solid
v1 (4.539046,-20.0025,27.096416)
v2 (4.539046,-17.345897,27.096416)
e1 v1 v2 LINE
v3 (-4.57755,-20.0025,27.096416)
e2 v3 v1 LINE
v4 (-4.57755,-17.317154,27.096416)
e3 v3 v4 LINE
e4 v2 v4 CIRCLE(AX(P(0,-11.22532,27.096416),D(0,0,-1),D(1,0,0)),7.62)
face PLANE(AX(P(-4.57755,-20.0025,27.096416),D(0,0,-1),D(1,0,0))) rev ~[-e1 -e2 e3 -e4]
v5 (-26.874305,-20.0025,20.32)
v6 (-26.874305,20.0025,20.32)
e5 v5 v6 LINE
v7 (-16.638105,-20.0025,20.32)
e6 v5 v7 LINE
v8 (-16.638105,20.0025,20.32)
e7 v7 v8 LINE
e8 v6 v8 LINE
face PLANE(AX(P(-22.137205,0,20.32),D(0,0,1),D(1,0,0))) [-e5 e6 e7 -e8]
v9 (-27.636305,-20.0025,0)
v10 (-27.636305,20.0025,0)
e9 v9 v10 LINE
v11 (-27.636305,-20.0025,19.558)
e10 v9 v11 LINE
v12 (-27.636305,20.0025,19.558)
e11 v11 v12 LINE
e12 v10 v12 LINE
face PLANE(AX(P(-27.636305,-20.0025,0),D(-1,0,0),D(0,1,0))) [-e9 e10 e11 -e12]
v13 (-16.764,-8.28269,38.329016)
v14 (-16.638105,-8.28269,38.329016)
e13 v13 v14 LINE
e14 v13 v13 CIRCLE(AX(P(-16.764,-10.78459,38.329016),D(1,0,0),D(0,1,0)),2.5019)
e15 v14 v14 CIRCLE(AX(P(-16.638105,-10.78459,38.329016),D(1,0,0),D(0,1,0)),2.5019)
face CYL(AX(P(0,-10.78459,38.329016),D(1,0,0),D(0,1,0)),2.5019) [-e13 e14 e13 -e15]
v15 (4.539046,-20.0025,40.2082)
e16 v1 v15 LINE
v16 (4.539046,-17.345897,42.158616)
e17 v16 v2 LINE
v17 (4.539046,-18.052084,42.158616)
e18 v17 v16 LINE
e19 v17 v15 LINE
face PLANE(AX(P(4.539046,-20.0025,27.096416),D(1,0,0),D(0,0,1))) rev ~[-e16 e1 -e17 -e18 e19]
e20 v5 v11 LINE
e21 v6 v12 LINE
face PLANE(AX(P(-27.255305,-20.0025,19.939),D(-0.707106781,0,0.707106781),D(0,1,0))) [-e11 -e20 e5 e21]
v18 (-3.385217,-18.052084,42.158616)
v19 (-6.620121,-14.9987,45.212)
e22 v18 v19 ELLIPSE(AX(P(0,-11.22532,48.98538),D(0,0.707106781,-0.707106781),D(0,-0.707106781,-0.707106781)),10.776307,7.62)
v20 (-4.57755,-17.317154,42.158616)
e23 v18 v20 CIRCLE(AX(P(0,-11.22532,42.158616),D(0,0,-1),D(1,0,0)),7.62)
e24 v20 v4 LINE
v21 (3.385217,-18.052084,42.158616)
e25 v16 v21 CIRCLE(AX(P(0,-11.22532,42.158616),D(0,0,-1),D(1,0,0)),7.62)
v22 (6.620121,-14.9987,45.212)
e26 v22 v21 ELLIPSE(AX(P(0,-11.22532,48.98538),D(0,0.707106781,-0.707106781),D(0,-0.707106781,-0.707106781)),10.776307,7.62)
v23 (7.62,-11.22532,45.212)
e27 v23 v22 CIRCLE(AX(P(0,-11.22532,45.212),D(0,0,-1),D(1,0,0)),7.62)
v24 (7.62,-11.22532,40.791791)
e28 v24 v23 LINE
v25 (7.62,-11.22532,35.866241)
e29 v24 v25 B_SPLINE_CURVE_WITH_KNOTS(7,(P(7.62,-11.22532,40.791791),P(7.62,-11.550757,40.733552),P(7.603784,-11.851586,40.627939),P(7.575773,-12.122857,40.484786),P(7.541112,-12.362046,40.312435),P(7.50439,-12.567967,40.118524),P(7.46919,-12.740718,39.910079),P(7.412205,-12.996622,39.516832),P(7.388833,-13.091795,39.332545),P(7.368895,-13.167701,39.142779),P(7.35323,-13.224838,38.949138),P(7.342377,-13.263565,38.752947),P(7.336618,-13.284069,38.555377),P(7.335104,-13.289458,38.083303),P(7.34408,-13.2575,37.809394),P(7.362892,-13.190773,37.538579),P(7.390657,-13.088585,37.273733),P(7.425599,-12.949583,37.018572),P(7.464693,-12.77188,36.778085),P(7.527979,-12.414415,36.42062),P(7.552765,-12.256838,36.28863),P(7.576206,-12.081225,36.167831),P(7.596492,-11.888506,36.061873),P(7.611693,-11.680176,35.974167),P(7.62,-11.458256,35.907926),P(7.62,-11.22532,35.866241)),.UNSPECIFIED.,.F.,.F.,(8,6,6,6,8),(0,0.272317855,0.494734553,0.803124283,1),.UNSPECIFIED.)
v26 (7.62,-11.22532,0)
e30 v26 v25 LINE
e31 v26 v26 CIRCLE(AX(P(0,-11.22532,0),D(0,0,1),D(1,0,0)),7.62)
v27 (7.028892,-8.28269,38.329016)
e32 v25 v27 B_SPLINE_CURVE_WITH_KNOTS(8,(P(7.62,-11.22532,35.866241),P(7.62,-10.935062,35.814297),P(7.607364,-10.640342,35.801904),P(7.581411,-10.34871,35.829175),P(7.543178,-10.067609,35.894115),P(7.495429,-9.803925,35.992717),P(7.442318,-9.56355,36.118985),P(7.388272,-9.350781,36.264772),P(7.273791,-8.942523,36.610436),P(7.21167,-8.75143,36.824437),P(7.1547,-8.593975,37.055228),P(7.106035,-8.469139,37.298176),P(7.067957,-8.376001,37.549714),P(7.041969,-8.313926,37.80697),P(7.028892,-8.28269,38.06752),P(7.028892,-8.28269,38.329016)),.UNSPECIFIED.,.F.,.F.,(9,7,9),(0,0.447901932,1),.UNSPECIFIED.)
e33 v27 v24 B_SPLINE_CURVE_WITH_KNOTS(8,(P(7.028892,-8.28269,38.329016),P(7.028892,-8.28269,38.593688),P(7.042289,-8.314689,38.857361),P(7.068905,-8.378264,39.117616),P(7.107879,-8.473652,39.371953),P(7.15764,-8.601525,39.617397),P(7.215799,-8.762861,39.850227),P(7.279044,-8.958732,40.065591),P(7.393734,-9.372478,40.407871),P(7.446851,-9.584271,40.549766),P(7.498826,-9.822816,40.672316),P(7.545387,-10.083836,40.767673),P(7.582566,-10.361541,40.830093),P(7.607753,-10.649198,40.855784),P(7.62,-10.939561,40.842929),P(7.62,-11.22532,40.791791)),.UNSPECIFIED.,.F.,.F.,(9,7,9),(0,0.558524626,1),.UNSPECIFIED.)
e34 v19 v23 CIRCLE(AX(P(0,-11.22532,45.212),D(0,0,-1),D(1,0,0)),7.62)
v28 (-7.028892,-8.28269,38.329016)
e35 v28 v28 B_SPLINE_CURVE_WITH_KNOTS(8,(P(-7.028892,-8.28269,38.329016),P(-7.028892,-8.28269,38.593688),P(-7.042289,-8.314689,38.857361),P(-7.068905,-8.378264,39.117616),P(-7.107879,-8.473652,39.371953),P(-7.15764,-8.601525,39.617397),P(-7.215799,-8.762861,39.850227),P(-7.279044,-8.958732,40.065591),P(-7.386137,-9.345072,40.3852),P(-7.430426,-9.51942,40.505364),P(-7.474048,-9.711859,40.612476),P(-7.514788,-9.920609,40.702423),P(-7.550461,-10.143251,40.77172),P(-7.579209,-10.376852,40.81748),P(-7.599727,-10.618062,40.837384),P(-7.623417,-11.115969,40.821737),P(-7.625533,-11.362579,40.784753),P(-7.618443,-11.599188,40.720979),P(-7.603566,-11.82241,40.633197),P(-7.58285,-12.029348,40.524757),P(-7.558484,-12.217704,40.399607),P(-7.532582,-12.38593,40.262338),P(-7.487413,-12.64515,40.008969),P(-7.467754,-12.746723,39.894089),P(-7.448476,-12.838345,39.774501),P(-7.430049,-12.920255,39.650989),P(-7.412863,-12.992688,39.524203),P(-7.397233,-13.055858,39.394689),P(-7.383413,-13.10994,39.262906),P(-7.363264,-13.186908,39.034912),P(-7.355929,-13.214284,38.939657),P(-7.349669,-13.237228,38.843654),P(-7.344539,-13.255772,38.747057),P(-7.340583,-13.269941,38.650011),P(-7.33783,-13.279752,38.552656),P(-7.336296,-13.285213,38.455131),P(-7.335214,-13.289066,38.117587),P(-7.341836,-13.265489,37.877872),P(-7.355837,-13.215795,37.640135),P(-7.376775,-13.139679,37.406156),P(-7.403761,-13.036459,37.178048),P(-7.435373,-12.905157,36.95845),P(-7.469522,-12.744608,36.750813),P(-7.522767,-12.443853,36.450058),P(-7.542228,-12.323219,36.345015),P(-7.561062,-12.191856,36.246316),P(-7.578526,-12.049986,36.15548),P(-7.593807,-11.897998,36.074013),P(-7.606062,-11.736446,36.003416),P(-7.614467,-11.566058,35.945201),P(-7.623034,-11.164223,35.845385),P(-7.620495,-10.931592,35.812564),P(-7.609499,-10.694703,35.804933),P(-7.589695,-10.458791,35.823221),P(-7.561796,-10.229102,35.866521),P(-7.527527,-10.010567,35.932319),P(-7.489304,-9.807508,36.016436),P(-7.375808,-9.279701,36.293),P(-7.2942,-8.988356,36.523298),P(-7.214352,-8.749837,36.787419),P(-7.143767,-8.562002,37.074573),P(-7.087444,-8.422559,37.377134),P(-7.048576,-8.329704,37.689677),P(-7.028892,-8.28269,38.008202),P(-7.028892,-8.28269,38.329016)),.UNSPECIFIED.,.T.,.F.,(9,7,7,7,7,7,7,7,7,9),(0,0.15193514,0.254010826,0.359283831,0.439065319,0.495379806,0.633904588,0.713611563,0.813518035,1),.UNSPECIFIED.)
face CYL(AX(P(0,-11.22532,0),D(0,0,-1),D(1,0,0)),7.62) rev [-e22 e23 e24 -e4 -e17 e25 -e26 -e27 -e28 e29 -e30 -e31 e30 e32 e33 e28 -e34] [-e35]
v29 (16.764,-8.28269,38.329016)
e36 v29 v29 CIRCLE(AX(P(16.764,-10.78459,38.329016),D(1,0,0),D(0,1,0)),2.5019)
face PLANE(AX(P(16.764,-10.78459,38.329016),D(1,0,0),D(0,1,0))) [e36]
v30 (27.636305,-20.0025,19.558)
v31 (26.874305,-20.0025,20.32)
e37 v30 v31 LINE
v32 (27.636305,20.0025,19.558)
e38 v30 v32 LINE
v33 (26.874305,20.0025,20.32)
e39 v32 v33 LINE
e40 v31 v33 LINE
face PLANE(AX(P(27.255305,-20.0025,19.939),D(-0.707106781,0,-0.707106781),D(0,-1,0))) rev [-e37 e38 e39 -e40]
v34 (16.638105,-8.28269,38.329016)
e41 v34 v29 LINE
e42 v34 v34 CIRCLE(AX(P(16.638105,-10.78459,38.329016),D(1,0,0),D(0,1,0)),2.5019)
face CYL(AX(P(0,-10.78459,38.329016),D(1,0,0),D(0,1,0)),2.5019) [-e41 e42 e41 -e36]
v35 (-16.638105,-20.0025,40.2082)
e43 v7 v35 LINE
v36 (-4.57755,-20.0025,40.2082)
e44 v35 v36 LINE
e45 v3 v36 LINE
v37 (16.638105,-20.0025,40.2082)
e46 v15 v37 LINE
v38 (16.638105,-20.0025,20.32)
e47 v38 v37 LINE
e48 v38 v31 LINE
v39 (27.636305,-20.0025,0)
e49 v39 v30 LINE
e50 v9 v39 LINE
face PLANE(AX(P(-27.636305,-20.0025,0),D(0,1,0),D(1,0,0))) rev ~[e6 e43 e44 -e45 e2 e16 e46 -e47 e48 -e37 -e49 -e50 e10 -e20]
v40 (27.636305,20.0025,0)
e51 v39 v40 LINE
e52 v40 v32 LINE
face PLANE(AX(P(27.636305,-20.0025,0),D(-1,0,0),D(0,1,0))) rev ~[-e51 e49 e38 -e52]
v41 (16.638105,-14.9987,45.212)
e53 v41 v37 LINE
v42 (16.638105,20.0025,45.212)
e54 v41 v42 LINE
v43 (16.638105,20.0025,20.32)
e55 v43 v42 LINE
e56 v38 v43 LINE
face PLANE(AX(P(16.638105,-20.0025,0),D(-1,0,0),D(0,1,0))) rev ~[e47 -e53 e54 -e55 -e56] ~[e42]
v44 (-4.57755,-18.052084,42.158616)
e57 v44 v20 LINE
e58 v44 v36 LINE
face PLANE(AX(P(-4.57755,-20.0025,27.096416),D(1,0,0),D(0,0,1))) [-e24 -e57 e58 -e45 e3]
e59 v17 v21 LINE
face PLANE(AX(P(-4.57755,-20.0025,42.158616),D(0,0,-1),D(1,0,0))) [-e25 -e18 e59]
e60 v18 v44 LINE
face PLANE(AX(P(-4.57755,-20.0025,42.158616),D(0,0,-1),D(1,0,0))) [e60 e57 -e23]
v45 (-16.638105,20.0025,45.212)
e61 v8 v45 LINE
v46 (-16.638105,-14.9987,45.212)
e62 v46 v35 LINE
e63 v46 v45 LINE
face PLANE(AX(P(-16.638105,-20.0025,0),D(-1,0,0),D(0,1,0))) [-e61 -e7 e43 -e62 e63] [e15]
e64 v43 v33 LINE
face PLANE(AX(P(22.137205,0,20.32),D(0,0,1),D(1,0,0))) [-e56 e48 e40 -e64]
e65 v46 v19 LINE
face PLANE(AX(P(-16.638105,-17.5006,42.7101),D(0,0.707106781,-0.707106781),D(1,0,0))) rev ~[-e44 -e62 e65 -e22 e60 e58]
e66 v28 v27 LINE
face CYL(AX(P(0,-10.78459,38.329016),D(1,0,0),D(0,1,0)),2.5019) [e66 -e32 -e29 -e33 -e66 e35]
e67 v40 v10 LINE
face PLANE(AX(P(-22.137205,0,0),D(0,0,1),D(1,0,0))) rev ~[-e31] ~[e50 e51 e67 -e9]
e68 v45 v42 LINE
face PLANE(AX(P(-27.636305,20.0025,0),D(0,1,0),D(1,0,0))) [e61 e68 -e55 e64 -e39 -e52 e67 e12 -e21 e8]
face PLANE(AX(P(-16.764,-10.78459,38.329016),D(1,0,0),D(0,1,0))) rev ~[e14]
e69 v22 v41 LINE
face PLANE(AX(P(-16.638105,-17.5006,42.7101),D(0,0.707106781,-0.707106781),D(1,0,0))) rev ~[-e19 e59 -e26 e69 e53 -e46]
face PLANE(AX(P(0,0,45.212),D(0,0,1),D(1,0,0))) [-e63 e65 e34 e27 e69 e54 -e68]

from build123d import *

# Parameters (mm, degrees)
F0_W      = 33.27621
F0_H      = 40.005
F1_DEPTH  = 45.212
F0_W_2    = 10.9982
F2_DEPTH  = 20.32
F3_SIZE   = 5.0038
F4_R      = 7.62
F5_DEPTH  = 62.738
F6_R      = 2.5019
F7_DEPTH  = 16.764
F8_SIZE   = 0.762
F9_SIZE   = 0.762
F10_W     = 9.116596
F10_H     = 15.0622
F11_DEPTH = 3.048


with BuildPart() as f1:
    # F0 (on Top) → F1 (new body)
    with BuildSketch(Plane.XY):
        Rectangle(F0_W, F0_H)
    extrude(amount=F1_DEPTH)

    # F0 (on Top) → F2 (join)
    with BuildSketch(Plane.XY):
        with Locations((-22.137205, 0)):
            Rectangle(F0_W_2, F0_H)
        with Locations((22.137205, 0)):
            Rectangle(F0_W_2, F0_H)
    extrude(amount=F2_DEPTH)

    # F3
    f3_edges = [f1.edges().sort_by_distance(p)[0] for p in [
        (0, -20.0025, 45.212),
    ]]
    chamfer(f3_edges, length=F3_SIZE)

    # F4 (on Top) → F5 (cut)
    with BuildSketch(Plane.XY):
        with Locations((0, -11.22532)):
            Circle(F4_R)
    extrude(amount=F5_DEPTH, mode=Mode.SUBTRACT)

    # F6 (on Right) → F7 (join, symmetric)
    with BuildSketch(Plane.YZ):
        with Locations((-10.78459, 38.329016)):
            Circle(F6_R)
    extrude(amount=F7_DEPTH, both=True)

    # F8
    f8_edges = [f1.edges().sort_by_distance(p)[0] for p in [
        (-27.636305, 0, 20.32),
    ]]
    chamfer(f8_edges, length=F8_SIZE)

    # F9
    f9_edges = [f1.edges().sort_by_distance(p)[0] for p in [
        (27.636305, 0, 20.32),
    ]]
    chamfer(f9_edges, length=F9_SIZE)

    # F10 (on face) → F11 (cut)
    with BuildSketch(Plane.XZ.offset(20.0025)):
        with Locations((-0.019252, 34.627516)):
            Rectangle(F10_W, F10_H)
    extrude(amount=-F11_DEPTH, mode=Mode.SUBTRACT)


solid = f1.part
